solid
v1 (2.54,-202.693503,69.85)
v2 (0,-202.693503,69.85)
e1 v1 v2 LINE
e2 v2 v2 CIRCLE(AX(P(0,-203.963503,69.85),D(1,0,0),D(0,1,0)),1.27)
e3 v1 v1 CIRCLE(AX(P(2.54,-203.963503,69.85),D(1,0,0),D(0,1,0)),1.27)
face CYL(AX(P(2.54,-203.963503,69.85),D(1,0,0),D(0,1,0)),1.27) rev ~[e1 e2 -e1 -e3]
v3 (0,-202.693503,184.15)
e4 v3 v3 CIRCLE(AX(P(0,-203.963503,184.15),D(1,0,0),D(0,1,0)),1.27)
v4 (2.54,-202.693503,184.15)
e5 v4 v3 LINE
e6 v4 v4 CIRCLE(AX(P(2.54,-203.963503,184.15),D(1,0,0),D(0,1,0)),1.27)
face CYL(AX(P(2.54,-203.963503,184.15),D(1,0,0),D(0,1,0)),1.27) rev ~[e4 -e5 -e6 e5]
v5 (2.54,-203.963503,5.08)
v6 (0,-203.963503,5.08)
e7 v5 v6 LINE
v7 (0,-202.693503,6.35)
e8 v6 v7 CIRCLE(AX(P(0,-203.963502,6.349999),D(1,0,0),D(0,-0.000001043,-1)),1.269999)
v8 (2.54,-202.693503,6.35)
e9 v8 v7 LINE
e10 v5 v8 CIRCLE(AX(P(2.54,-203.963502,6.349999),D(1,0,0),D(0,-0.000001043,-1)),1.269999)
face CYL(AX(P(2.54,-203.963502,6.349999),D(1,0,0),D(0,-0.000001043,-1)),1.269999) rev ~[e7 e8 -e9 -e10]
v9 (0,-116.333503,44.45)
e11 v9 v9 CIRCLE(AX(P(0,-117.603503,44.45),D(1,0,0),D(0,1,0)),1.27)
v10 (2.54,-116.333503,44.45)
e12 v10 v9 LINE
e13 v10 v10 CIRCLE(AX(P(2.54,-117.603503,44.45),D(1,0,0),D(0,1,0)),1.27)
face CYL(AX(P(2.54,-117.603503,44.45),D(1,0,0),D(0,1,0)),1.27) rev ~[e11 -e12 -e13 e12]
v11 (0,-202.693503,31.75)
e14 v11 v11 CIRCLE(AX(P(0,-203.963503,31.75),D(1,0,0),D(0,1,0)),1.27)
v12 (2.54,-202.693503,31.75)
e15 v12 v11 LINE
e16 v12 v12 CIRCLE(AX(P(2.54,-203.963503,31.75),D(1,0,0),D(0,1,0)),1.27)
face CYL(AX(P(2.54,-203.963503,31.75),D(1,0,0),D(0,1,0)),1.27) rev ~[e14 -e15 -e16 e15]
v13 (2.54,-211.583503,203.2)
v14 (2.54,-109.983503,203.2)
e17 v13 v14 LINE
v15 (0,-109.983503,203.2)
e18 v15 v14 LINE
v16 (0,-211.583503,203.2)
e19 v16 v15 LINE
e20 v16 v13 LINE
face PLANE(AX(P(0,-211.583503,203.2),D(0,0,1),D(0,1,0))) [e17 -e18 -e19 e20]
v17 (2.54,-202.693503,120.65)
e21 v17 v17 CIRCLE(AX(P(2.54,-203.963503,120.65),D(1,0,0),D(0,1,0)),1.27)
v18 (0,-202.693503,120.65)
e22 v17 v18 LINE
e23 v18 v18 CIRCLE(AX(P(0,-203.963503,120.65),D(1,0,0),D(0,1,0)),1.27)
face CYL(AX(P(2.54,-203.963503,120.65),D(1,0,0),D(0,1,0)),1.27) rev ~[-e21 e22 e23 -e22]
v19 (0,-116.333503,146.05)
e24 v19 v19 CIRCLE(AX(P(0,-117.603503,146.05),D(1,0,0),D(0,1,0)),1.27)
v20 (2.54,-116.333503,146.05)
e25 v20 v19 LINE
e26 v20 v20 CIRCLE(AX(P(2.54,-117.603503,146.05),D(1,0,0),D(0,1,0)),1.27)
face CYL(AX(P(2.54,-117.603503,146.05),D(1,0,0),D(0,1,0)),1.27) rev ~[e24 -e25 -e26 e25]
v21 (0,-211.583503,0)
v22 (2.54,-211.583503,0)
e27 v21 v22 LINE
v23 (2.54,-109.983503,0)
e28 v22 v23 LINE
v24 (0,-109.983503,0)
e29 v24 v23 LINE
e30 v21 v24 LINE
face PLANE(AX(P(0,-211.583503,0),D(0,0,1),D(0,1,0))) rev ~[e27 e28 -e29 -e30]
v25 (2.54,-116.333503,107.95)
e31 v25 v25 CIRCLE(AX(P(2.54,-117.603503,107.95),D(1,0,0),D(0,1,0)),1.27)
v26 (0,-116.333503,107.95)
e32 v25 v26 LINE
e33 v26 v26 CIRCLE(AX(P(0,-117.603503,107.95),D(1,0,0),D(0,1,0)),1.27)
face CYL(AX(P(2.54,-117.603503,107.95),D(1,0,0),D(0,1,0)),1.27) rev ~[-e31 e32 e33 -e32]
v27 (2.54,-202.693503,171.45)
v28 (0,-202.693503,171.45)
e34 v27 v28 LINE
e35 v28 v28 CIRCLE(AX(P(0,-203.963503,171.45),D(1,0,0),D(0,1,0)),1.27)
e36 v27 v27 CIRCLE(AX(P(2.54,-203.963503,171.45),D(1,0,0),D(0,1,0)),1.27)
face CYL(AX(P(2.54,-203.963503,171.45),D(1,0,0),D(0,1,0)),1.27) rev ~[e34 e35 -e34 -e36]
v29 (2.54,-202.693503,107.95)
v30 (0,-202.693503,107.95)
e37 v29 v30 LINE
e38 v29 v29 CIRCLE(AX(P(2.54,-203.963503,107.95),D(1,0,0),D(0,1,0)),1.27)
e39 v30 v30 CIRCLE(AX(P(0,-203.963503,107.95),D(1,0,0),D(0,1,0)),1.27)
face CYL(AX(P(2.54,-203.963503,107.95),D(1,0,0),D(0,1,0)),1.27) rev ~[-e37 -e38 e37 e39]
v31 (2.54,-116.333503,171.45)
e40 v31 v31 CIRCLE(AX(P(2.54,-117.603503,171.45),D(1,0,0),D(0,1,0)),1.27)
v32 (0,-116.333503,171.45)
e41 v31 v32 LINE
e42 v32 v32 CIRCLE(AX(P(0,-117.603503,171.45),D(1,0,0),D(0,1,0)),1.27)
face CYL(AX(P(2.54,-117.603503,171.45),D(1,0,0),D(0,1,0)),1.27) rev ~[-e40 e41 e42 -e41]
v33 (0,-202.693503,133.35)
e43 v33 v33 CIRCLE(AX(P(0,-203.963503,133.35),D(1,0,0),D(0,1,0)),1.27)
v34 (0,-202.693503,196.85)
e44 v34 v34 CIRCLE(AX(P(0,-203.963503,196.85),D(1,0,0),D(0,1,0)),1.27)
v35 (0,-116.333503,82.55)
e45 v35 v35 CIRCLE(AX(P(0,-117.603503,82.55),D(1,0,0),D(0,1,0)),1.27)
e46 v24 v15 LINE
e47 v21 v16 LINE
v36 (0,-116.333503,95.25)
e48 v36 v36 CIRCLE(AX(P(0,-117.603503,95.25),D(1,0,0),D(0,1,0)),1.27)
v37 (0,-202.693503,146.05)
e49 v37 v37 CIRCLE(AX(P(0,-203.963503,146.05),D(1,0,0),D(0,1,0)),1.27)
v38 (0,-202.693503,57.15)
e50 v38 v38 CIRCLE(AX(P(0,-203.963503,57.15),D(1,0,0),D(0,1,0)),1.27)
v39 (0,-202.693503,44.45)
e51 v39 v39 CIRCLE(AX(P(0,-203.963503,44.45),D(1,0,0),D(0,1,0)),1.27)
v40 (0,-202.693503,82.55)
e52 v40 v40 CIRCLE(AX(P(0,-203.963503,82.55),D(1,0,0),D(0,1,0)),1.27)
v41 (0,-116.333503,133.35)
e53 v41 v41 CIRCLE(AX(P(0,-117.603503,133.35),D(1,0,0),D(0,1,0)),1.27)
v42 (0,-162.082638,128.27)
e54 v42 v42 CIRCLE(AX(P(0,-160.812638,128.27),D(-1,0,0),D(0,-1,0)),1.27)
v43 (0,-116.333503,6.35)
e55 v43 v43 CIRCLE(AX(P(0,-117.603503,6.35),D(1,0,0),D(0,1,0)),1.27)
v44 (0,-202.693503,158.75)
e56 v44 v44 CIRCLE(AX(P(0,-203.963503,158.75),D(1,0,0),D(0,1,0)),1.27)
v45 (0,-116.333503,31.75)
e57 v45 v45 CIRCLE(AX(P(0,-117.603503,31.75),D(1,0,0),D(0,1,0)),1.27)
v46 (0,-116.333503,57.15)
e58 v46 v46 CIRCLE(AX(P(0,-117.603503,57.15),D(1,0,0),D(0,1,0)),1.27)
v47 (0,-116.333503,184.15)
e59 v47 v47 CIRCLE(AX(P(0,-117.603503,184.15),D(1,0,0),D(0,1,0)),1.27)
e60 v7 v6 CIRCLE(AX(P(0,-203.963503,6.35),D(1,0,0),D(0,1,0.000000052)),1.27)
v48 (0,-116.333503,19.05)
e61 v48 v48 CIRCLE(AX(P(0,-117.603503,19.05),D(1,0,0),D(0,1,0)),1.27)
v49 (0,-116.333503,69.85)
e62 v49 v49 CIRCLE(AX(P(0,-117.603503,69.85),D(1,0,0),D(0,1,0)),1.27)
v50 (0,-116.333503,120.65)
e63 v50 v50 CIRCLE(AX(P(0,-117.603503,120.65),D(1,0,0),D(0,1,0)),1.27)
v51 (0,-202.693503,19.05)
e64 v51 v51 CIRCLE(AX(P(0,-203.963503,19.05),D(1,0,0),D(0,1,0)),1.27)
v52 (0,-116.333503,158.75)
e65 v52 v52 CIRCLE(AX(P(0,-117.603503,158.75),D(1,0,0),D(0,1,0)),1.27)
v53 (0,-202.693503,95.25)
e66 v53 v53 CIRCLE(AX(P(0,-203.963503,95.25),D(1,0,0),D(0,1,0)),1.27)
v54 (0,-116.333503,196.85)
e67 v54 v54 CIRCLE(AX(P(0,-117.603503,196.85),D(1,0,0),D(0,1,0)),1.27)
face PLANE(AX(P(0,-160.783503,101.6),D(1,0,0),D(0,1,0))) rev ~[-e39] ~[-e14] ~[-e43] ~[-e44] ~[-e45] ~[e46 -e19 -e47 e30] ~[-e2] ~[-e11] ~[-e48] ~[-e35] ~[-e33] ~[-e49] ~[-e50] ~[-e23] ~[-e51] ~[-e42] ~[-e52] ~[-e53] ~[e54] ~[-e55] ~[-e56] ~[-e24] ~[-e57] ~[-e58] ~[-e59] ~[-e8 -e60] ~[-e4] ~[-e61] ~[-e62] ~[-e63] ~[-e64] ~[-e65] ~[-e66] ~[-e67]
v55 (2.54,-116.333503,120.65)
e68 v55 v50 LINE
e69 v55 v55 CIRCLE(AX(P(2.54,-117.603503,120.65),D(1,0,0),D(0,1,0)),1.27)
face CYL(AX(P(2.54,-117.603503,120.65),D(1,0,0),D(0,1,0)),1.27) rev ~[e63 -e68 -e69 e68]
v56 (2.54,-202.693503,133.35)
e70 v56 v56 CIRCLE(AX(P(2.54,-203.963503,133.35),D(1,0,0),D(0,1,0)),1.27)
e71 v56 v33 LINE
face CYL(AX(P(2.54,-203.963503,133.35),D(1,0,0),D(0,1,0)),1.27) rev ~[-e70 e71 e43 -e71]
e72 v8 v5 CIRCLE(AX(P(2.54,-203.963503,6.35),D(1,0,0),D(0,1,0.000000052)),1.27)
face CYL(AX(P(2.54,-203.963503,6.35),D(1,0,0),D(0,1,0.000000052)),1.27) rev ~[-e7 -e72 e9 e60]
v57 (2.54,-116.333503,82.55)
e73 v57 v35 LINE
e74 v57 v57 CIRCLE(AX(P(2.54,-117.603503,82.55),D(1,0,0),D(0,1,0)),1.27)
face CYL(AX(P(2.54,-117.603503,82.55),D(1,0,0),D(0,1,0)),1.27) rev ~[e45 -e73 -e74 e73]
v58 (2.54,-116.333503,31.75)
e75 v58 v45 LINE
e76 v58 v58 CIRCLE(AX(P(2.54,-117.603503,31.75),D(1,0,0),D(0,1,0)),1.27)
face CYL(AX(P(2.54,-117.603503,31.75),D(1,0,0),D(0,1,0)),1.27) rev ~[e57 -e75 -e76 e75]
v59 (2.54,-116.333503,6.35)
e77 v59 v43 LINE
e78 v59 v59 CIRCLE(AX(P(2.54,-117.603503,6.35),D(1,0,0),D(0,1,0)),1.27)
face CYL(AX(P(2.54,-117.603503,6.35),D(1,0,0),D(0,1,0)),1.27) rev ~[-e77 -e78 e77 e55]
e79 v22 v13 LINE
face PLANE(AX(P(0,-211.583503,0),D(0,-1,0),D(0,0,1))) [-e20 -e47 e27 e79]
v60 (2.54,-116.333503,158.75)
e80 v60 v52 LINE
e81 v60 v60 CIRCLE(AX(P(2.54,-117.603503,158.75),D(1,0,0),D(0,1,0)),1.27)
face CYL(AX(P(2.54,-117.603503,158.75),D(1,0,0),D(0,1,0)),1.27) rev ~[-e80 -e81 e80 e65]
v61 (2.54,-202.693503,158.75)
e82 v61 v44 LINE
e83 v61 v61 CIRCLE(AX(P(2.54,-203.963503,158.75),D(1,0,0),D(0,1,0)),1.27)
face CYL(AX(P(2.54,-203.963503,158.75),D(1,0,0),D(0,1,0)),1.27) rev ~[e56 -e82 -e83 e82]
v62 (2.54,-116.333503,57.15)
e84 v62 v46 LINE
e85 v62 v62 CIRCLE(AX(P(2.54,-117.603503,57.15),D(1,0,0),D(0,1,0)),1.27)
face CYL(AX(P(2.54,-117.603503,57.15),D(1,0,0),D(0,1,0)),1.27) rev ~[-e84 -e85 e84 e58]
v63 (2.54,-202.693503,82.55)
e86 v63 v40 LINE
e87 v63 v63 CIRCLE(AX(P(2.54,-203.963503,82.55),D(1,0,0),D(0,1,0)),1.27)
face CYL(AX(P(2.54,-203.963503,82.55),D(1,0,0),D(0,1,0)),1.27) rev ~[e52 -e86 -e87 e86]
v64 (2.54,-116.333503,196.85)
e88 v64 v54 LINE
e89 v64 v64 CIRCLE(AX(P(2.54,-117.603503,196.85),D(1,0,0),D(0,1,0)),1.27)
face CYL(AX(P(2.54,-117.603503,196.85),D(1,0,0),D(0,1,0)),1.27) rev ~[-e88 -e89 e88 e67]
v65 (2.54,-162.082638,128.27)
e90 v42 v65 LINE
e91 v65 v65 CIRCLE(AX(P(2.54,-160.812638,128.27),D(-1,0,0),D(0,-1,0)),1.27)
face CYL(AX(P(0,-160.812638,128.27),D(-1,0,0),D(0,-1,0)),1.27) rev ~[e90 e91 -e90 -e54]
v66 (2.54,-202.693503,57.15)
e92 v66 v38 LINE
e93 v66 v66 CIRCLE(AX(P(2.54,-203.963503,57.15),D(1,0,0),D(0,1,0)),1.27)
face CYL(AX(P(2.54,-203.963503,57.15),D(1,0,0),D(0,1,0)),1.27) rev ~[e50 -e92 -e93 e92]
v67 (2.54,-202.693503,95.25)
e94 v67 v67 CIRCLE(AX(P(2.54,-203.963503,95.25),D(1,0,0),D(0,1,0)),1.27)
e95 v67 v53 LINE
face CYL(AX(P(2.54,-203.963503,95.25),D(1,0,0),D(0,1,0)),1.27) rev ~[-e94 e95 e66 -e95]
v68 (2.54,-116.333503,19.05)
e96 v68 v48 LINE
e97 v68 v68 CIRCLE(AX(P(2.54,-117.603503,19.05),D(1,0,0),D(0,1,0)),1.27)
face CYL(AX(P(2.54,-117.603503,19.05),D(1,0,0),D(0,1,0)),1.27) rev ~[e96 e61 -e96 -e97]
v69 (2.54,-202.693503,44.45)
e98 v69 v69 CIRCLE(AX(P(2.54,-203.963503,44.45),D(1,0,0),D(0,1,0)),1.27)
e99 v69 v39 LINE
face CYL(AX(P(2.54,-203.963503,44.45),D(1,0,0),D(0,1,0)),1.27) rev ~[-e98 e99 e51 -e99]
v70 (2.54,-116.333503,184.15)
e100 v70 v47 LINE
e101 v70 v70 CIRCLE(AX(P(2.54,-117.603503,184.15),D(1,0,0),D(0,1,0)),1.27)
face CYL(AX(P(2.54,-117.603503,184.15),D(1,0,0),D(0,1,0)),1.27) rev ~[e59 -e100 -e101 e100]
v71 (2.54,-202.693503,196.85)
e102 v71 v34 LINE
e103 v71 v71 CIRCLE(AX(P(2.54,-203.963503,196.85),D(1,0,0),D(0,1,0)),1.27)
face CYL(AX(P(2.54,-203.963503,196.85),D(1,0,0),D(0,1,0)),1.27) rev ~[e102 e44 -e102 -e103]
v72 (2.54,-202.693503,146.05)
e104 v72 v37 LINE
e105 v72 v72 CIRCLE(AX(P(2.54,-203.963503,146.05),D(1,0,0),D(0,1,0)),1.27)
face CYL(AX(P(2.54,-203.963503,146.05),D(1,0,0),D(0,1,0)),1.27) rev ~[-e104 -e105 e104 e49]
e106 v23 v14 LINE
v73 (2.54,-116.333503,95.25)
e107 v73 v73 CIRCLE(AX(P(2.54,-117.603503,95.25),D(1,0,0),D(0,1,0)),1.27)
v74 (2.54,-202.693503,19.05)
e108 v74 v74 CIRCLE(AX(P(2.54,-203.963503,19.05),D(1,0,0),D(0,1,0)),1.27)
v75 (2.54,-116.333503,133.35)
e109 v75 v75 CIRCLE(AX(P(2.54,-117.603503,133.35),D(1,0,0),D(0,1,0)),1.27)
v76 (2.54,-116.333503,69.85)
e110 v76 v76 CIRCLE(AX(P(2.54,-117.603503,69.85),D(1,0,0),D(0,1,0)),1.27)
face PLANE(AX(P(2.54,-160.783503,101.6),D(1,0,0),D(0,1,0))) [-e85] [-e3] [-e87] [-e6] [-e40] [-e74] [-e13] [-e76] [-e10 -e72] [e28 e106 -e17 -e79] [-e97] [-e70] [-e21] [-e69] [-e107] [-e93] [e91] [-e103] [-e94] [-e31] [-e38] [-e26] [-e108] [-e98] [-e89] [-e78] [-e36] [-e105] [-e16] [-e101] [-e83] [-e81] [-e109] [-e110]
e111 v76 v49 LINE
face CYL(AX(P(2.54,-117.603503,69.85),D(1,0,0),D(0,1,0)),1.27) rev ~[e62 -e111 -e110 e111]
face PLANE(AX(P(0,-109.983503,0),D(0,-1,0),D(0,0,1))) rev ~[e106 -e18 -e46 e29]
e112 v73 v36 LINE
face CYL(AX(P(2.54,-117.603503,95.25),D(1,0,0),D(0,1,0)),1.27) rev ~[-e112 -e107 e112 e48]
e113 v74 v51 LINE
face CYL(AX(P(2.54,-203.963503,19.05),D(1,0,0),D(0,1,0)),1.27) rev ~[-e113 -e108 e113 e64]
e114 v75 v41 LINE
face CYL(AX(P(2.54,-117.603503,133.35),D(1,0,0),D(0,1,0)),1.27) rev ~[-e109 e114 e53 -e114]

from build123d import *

# Parameters (mm, degrees)
F0_W     = 101.6
F0_H     = 203.2
F1_DEPTH = 2.54
F2_R     = 1.27
F3_DEPTH = 25.4
F4_R     = 1.27
F5_DEPTH = 25.4


with BuildPart() as f1:
    # F0 (on Right) → F1 (new body)
    with BuildSketch(Plane.YZ):
        with Locations((-160.783503, 101.6)):
            Rectangle(F0_W, F0_H)
    extrude(amount=F1_DEPTH)

    # F2 (on face) → F3 (cut)
    with BuildSketch(Plane.YZ.offset(2.54)):
        with Locations((-203.963503, 107.95)):
            Circle(F2_R)
        with Locations((-203.963503, 120.65)):
            Circle(F2_R)
        with Locations((-203.963503, 133.35)):
            Circle(F2_R)
        with Locations((-203.963503, 146.05)):
            Circle(F2_R)
        with Locations((-117.603503, 120.65)):
            Circle(F2_R)
        with Locations((-117.603503, 146.05)):
            Circle(F2_R)
        with Locations((-117.603503, 95.25)):
            Circle(F2_R)
        with Locations((-117.603503, 184.15)):
            Circle(F2_R)
        with Locations((-117.603503, 69.85)):
            Circle(F2_R)
        with Locations((-117.603503, 19.05)):
            Circle(F2_R)
        with Locations((-117.603503, 158.75)):
            Circle(F2_R)
        with Locations((-117.603503, 107.95)):
            Circle(F2_R)
        with Locations((-117.603503, 31.75)):
            Circle(F2_R)
        with Locations((-203.963503, 196.85)):
            Circle(F2_R)
        with Locations((-203.963503, 171.45)):
            Circle(F2_R)
        with Locations((-203.963503, 184.15)):
            Circle(F2_R)
        with Locations((-203.963503, 19.05)):
            Circle(F2_R)
        with Locations((-203.963503, 31.75)):
            Circle(F2_R)
        with Locations((-203.963503, 44.45)):
            Circle(F2_R)
        with Locations((-203.963503, 57.15)):
            Circle(F2_R)
        with Locations((-203.963503, 69.85)):
            Circle(F2_R)
        with Locations((-203.963503, 82.55)):
            Circle(F2_R)
        with Locations((-203.963503, 95.25)):
            Circle(F2_R)
        with Locations((-117.603503, 196.85)):
            Circle(F2_R)
        with Locations((-203.963503, 158.75)):
            Circle(F2_R)
        with Locations((-117.603503, 44.45)):
            Circle(F2_R)
        with Locations((-117.603503, 82.55)):
            Circle(F2_R)
        with Locations((-117.603503, 133.35)):
            Circle(F2_R)
        with Locations((-117.603503, 171.45)):
            Circle(F2_R)
        with Locations((-117.603503, 57.15)):
            Circle(F2_R)
        with Locations((-117.603503, 6.35)):
            Circle(F2_R)
        with BuildLine():
            ThreePointArc((-202.693503, 6.35), (-204.861528, 7.248026), (-203.963503, 5.08))
            ThreePointArc((-203.963503, 5.08), (-203.065477, 5.451974), (-202.693503, 6.35))
        make_face()
    extrude(amount=-F3_DEPTH, mode=Mode.SUBTRACT)

    # F4 (on face) → F5 (cut)
    with BuildSketch(Plane(origin=(0, 0, 0), x_dir=(0, -1, 0), z_dir=(-1, 0, 0))):
        with Locations((160.812638, 128.27)):
            Circle(F4_R)
    extrude(amount=-F5_DEPTH, mode=Mode.SUBTRACT)


solid = f1.part
